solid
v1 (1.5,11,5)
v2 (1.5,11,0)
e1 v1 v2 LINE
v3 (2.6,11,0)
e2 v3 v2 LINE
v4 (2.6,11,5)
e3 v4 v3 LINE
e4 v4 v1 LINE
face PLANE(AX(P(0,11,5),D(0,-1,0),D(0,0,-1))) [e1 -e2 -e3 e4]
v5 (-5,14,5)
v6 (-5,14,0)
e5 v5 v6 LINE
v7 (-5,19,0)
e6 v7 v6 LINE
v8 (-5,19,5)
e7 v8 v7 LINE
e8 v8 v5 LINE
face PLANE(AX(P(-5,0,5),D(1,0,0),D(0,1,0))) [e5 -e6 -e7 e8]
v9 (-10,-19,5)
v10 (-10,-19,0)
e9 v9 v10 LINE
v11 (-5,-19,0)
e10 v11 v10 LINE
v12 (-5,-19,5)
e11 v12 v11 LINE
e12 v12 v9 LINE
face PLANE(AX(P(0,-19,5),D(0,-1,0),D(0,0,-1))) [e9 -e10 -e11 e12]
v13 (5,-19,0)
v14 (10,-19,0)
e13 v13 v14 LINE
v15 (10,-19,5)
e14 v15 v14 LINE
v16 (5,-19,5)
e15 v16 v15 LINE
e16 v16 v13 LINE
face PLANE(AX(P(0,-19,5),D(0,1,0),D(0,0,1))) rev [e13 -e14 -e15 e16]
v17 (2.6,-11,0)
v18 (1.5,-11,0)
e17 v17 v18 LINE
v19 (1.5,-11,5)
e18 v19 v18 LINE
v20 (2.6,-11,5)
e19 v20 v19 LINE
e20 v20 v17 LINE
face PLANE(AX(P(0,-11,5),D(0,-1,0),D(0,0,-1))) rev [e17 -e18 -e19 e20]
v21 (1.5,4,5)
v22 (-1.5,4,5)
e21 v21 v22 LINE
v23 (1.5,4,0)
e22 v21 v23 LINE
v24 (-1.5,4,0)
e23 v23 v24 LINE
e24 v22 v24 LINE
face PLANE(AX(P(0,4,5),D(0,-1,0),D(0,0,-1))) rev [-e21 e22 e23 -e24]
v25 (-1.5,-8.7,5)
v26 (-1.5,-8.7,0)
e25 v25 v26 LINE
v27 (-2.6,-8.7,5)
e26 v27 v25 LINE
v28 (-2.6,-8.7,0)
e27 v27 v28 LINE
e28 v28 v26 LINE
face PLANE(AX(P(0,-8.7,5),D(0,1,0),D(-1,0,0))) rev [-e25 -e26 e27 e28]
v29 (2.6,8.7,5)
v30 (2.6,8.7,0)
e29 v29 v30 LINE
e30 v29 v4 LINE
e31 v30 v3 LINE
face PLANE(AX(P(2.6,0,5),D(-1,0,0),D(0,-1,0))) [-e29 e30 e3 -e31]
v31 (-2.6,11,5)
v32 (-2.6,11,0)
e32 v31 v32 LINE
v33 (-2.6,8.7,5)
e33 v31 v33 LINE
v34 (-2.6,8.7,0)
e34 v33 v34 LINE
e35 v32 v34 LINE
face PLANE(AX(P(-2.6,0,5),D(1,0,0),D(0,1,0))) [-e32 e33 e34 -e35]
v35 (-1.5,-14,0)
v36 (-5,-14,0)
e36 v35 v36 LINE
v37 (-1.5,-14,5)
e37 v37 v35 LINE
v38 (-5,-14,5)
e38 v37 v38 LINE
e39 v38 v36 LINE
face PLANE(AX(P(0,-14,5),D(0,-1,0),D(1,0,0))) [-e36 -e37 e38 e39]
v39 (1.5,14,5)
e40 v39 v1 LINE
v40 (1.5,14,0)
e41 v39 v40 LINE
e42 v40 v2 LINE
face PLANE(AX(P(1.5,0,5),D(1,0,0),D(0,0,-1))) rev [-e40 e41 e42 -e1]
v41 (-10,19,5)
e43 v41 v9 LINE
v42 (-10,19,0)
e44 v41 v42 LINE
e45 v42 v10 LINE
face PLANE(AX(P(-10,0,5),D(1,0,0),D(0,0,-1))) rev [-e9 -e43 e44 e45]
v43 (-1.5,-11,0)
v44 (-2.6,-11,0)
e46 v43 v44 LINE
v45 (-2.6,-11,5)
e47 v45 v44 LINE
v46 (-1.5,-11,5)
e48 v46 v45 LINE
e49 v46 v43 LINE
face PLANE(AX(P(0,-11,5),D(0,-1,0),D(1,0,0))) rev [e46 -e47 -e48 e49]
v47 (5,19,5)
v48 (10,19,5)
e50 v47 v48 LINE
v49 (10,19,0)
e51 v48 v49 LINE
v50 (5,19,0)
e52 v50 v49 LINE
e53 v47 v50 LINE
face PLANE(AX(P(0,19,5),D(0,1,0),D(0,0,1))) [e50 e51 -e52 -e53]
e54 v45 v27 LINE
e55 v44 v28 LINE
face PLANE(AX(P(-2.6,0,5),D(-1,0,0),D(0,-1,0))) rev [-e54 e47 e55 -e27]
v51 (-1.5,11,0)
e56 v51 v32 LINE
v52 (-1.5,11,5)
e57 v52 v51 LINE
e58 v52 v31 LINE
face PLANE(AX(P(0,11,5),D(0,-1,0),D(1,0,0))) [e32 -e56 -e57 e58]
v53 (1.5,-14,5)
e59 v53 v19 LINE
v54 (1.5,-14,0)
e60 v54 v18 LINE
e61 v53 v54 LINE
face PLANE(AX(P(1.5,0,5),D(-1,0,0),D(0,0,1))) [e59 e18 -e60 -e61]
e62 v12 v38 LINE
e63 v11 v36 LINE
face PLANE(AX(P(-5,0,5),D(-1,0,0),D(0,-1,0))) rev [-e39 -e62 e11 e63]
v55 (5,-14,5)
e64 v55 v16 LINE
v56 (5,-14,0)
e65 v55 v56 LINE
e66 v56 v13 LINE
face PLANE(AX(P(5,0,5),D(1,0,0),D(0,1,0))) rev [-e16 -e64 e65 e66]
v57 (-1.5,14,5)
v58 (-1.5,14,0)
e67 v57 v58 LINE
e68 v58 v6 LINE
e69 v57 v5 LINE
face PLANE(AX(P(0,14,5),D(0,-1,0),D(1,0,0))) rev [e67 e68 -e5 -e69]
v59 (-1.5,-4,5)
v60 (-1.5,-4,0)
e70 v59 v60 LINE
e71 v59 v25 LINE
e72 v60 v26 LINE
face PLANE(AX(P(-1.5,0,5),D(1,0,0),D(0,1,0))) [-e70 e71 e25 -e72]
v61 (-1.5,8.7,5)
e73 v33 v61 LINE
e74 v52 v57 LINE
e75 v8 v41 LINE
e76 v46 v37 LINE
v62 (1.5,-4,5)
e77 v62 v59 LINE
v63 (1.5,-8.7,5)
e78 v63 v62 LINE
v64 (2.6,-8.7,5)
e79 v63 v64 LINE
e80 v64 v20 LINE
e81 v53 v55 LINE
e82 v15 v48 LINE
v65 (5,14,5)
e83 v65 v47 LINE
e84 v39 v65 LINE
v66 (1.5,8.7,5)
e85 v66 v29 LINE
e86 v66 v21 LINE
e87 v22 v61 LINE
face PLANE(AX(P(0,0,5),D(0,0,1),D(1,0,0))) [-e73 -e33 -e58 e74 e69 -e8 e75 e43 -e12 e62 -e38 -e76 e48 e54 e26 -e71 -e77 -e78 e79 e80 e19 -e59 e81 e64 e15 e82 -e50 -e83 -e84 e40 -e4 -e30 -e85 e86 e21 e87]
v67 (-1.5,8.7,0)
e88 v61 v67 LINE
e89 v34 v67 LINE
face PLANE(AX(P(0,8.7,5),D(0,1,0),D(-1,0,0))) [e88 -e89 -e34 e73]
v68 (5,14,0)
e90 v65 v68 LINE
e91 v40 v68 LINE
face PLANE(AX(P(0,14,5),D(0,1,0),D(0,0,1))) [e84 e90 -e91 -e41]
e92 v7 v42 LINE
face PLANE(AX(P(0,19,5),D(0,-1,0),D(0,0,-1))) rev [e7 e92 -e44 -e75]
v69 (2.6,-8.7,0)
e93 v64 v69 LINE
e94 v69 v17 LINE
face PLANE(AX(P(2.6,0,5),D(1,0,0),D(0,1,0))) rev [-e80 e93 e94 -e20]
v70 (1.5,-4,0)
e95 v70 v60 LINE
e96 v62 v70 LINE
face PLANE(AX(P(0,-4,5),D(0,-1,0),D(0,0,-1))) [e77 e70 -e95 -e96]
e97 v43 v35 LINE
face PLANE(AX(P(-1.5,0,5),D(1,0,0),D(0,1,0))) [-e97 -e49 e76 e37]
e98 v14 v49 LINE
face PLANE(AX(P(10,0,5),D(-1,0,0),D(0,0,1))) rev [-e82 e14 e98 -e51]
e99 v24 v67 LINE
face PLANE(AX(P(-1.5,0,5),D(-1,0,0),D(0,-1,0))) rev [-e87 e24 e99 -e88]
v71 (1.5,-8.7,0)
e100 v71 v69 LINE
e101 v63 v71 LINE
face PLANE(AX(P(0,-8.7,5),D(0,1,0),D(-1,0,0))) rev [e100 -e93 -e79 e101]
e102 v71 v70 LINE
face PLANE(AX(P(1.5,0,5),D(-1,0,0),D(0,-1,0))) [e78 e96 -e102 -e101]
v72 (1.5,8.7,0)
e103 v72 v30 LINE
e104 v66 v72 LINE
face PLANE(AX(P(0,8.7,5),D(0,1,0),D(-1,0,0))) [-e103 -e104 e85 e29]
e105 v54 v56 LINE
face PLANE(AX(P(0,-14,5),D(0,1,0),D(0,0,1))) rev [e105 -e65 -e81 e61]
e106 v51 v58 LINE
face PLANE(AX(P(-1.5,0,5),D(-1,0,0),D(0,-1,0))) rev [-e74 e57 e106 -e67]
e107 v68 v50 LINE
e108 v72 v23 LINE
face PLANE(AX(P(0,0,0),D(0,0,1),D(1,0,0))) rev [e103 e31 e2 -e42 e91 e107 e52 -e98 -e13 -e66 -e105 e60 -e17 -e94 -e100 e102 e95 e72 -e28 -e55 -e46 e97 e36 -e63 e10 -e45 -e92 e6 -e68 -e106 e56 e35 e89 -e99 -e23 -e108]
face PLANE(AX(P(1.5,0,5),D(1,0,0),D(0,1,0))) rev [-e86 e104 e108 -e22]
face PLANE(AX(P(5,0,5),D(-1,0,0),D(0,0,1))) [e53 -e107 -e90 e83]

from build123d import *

# Parameters (mm, degrees)
BOSS_EXTRU_1_DEPTH = 5


with BuildPart() as part:
    # Esquisse1 → Boss.-Extru.1 (new body)
    with BuildSketch(Plane.XY):
        Polygon((-1.5, 11), (-2.6, 11), (-2.6, 8.7), (-1.5, 8.7), (-1.5, 4), (1.5, 4), (1.5, 8.7), (2.6, 8.7), (2.6, 11), (1.5, 11), (1.5, 14), (5, 14), (5, 19), (10, 19), (10, 14), (10, -14), (10, -19), (5, -19), (5, -14), (1.5, -14), (1.5, -11), (2.6, -11), (2.6, -8.7), (1.5, -8.7), (1.5, -4), (-1.5, -4), (-1.5, -8.7), (-2.6, -8.7), (-2.6, -11), (-1.5, -11), (-1.5, -14), (-5, -14), (-5, -19), (-10, -19), (-10, -14), (-10, 14), (-10, 19), (-5, 19), (-5, 14), (-1.5, 14), align=None)
    extrude(amount=BOSS_EXTRU_1_DEPTH)


solid = part.part
